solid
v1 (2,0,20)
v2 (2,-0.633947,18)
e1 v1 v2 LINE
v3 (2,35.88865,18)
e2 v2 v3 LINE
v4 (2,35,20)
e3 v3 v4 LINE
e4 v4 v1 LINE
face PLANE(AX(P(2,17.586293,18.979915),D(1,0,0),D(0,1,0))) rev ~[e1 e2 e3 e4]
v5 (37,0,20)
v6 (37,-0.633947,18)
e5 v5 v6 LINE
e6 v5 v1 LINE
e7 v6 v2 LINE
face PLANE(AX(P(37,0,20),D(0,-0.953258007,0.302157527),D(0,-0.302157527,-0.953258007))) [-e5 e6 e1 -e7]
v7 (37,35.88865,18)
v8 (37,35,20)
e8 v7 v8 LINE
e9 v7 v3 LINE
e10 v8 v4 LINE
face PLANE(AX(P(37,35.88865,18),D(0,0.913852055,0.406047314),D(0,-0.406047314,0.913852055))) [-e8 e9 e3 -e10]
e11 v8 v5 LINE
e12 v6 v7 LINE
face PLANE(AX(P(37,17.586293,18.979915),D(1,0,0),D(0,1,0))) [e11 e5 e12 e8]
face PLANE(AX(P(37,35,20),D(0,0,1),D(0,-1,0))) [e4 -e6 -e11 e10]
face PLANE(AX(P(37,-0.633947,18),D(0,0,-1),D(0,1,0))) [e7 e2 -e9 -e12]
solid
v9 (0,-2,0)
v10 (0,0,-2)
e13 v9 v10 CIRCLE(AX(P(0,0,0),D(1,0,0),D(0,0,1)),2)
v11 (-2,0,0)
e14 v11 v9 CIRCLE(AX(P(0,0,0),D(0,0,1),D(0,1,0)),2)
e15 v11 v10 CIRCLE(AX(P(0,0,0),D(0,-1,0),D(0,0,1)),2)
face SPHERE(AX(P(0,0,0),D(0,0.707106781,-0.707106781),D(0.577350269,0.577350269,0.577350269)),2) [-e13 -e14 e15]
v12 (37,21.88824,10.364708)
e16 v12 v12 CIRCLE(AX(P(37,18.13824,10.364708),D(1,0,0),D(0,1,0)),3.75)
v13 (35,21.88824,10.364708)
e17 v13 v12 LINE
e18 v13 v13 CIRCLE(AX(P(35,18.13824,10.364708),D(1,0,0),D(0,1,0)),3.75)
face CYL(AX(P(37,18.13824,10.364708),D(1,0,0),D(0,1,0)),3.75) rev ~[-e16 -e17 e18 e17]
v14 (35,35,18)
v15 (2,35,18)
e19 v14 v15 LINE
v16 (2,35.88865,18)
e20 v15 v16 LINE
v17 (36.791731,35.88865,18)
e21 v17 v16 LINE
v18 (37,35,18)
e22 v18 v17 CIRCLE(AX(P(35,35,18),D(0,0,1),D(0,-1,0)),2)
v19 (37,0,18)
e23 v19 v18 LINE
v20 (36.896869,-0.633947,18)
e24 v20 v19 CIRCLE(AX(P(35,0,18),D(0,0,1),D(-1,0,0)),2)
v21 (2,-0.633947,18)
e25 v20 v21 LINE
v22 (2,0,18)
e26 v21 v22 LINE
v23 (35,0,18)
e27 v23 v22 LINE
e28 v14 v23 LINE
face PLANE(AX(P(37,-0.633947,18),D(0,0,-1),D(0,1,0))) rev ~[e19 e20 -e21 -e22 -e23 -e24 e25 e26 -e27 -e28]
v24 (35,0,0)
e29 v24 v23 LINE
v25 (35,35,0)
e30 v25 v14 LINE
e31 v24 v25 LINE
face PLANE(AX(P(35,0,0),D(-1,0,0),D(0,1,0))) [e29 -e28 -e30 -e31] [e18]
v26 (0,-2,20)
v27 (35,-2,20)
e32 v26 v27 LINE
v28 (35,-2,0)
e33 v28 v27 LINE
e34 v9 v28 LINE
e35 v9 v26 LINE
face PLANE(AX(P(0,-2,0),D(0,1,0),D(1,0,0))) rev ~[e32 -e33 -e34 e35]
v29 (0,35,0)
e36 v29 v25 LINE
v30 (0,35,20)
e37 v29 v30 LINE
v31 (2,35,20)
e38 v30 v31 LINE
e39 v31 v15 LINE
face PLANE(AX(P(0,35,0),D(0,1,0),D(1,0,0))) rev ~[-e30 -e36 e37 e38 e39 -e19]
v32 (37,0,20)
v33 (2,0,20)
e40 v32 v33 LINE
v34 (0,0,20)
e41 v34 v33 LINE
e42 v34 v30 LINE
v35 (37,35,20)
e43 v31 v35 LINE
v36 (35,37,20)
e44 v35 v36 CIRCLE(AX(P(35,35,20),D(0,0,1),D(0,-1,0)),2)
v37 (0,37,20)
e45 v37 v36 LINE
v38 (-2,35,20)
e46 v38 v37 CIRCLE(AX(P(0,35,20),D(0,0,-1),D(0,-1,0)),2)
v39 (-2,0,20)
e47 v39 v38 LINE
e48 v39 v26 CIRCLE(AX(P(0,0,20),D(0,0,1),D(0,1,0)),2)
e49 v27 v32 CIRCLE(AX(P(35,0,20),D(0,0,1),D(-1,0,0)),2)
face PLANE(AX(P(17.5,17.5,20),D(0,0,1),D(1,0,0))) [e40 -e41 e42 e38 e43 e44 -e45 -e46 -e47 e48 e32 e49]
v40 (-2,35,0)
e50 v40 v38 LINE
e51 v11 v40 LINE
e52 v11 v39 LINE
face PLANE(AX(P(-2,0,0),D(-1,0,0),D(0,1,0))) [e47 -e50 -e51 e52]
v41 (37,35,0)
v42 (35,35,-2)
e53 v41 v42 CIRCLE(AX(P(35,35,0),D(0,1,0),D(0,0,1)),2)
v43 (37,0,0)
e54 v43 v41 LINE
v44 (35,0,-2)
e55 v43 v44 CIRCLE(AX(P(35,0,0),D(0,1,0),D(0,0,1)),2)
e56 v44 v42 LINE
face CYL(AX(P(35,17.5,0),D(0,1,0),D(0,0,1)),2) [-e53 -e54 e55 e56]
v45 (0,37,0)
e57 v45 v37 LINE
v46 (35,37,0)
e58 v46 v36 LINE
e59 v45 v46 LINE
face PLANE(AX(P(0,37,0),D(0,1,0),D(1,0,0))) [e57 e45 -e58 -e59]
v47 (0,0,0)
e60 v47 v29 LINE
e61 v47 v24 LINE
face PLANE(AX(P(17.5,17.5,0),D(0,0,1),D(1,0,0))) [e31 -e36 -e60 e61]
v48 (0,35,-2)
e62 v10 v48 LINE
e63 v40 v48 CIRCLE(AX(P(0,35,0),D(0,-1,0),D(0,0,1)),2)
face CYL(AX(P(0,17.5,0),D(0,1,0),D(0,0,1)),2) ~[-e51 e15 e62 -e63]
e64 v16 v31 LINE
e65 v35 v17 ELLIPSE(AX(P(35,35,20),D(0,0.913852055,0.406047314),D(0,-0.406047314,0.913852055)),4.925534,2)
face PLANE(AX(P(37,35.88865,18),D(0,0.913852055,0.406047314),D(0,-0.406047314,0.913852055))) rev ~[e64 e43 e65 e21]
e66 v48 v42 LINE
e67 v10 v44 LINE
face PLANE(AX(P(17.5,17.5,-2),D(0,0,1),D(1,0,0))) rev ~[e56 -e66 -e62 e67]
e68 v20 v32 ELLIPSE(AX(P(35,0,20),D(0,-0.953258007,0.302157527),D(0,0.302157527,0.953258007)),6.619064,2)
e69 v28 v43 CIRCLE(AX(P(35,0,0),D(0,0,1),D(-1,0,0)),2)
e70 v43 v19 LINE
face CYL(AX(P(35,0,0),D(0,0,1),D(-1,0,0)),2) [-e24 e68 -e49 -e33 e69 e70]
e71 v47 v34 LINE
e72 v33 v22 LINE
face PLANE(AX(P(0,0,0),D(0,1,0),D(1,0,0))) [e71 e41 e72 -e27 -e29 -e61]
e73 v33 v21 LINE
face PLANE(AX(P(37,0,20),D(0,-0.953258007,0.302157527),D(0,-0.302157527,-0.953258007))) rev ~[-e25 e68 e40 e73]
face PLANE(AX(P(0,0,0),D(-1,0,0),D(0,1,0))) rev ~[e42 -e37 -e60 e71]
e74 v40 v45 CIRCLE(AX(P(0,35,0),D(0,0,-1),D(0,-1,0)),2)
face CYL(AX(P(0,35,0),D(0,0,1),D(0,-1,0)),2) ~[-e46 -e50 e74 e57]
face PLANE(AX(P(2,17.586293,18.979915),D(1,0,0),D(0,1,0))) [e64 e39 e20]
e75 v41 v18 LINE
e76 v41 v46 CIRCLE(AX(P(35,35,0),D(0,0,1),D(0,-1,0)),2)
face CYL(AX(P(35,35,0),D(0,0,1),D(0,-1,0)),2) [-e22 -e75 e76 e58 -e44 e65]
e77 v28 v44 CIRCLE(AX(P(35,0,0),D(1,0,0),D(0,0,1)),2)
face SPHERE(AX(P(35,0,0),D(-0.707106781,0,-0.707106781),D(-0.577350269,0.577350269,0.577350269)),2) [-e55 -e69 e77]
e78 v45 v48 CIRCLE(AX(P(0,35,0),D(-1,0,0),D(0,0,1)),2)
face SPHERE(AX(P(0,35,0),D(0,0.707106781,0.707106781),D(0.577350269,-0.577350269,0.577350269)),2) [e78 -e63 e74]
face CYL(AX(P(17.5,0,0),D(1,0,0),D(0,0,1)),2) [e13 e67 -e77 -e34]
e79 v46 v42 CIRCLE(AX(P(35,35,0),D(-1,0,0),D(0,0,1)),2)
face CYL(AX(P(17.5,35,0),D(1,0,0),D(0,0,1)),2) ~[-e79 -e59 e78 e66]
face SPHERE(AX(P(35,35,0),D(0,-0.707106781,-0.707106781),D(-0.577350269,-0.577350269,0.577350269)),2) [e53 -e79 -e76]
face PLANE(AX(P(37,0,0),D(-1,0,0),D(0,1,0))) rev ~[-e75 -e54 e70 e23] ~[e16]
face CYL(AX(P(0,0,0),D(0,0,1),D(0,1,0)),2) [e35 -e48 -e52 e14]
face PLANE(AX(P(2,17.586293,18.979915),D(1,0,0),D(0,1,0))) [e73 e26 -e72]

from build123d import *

# Parameters (mm, degrees)
EXTRUDE002_DEPTH = 35
SKETCH001_R      = 3.75
EXTRUDE001_DEPTH = 2.25
BOX_W            = 35
BOX_H            = 35
BOX_DEPTH        = 20
THICKNESS_T      = 2


with BuildPart() as extrude002:
    # Sketch002 (on Face12 of Thickness) → Extrude002 (new body)
    with BuildSketch(Plane(origin=(37, 0, -15), x_dir=(0, 1, 0), z_dir=(1, 0, 0))):
        Polygon((-0.633947, 33), (35.88865, 33), (35, 35), (0, 35), align=None)
    extrude(amount=-EXTRUDE002_DEPTH)


with BuildPart() as cover:
    # Clone base: copy of Extrude002
    add(extrude002.part)


with BuildPart() as hole:
    # Sketch001 → Extrude001 (new body, symmetric)
    with BuildSketch(Plane.YZ.offset(37)):
        with Locations((18.13824, 10.364708)):
            Circle(SKETCH001_R)
    extrude(amount=EXTRUDE001_DEPTH, both=True)


with BuildPart() as finalbox:
    # Box → Box (new body)
    with BuildSketch(Plane.XY):
        with Locations((17.5, 17.5)):
            Rectangle(BOX_W, BOX_H)
    extrude(amount=BOX_DEPTH)

    # Thickness
    thickness_openings = [finalbox.faces().sort_by_distance(p)[0] for p in [
        (17.5, 17.5, 20),
    ]]
    offset(amount=THICKNESS_T, openings=thickness_openings)

    # Cut: cut hole
    add(hole.part, mode=Mode.SUBTRACT)

    # Cut001: cut Extrude002
    add(extrude002.part, mode=Mode.SUBTRACT)


solid = Compound([cover.part, finalbox.part])
